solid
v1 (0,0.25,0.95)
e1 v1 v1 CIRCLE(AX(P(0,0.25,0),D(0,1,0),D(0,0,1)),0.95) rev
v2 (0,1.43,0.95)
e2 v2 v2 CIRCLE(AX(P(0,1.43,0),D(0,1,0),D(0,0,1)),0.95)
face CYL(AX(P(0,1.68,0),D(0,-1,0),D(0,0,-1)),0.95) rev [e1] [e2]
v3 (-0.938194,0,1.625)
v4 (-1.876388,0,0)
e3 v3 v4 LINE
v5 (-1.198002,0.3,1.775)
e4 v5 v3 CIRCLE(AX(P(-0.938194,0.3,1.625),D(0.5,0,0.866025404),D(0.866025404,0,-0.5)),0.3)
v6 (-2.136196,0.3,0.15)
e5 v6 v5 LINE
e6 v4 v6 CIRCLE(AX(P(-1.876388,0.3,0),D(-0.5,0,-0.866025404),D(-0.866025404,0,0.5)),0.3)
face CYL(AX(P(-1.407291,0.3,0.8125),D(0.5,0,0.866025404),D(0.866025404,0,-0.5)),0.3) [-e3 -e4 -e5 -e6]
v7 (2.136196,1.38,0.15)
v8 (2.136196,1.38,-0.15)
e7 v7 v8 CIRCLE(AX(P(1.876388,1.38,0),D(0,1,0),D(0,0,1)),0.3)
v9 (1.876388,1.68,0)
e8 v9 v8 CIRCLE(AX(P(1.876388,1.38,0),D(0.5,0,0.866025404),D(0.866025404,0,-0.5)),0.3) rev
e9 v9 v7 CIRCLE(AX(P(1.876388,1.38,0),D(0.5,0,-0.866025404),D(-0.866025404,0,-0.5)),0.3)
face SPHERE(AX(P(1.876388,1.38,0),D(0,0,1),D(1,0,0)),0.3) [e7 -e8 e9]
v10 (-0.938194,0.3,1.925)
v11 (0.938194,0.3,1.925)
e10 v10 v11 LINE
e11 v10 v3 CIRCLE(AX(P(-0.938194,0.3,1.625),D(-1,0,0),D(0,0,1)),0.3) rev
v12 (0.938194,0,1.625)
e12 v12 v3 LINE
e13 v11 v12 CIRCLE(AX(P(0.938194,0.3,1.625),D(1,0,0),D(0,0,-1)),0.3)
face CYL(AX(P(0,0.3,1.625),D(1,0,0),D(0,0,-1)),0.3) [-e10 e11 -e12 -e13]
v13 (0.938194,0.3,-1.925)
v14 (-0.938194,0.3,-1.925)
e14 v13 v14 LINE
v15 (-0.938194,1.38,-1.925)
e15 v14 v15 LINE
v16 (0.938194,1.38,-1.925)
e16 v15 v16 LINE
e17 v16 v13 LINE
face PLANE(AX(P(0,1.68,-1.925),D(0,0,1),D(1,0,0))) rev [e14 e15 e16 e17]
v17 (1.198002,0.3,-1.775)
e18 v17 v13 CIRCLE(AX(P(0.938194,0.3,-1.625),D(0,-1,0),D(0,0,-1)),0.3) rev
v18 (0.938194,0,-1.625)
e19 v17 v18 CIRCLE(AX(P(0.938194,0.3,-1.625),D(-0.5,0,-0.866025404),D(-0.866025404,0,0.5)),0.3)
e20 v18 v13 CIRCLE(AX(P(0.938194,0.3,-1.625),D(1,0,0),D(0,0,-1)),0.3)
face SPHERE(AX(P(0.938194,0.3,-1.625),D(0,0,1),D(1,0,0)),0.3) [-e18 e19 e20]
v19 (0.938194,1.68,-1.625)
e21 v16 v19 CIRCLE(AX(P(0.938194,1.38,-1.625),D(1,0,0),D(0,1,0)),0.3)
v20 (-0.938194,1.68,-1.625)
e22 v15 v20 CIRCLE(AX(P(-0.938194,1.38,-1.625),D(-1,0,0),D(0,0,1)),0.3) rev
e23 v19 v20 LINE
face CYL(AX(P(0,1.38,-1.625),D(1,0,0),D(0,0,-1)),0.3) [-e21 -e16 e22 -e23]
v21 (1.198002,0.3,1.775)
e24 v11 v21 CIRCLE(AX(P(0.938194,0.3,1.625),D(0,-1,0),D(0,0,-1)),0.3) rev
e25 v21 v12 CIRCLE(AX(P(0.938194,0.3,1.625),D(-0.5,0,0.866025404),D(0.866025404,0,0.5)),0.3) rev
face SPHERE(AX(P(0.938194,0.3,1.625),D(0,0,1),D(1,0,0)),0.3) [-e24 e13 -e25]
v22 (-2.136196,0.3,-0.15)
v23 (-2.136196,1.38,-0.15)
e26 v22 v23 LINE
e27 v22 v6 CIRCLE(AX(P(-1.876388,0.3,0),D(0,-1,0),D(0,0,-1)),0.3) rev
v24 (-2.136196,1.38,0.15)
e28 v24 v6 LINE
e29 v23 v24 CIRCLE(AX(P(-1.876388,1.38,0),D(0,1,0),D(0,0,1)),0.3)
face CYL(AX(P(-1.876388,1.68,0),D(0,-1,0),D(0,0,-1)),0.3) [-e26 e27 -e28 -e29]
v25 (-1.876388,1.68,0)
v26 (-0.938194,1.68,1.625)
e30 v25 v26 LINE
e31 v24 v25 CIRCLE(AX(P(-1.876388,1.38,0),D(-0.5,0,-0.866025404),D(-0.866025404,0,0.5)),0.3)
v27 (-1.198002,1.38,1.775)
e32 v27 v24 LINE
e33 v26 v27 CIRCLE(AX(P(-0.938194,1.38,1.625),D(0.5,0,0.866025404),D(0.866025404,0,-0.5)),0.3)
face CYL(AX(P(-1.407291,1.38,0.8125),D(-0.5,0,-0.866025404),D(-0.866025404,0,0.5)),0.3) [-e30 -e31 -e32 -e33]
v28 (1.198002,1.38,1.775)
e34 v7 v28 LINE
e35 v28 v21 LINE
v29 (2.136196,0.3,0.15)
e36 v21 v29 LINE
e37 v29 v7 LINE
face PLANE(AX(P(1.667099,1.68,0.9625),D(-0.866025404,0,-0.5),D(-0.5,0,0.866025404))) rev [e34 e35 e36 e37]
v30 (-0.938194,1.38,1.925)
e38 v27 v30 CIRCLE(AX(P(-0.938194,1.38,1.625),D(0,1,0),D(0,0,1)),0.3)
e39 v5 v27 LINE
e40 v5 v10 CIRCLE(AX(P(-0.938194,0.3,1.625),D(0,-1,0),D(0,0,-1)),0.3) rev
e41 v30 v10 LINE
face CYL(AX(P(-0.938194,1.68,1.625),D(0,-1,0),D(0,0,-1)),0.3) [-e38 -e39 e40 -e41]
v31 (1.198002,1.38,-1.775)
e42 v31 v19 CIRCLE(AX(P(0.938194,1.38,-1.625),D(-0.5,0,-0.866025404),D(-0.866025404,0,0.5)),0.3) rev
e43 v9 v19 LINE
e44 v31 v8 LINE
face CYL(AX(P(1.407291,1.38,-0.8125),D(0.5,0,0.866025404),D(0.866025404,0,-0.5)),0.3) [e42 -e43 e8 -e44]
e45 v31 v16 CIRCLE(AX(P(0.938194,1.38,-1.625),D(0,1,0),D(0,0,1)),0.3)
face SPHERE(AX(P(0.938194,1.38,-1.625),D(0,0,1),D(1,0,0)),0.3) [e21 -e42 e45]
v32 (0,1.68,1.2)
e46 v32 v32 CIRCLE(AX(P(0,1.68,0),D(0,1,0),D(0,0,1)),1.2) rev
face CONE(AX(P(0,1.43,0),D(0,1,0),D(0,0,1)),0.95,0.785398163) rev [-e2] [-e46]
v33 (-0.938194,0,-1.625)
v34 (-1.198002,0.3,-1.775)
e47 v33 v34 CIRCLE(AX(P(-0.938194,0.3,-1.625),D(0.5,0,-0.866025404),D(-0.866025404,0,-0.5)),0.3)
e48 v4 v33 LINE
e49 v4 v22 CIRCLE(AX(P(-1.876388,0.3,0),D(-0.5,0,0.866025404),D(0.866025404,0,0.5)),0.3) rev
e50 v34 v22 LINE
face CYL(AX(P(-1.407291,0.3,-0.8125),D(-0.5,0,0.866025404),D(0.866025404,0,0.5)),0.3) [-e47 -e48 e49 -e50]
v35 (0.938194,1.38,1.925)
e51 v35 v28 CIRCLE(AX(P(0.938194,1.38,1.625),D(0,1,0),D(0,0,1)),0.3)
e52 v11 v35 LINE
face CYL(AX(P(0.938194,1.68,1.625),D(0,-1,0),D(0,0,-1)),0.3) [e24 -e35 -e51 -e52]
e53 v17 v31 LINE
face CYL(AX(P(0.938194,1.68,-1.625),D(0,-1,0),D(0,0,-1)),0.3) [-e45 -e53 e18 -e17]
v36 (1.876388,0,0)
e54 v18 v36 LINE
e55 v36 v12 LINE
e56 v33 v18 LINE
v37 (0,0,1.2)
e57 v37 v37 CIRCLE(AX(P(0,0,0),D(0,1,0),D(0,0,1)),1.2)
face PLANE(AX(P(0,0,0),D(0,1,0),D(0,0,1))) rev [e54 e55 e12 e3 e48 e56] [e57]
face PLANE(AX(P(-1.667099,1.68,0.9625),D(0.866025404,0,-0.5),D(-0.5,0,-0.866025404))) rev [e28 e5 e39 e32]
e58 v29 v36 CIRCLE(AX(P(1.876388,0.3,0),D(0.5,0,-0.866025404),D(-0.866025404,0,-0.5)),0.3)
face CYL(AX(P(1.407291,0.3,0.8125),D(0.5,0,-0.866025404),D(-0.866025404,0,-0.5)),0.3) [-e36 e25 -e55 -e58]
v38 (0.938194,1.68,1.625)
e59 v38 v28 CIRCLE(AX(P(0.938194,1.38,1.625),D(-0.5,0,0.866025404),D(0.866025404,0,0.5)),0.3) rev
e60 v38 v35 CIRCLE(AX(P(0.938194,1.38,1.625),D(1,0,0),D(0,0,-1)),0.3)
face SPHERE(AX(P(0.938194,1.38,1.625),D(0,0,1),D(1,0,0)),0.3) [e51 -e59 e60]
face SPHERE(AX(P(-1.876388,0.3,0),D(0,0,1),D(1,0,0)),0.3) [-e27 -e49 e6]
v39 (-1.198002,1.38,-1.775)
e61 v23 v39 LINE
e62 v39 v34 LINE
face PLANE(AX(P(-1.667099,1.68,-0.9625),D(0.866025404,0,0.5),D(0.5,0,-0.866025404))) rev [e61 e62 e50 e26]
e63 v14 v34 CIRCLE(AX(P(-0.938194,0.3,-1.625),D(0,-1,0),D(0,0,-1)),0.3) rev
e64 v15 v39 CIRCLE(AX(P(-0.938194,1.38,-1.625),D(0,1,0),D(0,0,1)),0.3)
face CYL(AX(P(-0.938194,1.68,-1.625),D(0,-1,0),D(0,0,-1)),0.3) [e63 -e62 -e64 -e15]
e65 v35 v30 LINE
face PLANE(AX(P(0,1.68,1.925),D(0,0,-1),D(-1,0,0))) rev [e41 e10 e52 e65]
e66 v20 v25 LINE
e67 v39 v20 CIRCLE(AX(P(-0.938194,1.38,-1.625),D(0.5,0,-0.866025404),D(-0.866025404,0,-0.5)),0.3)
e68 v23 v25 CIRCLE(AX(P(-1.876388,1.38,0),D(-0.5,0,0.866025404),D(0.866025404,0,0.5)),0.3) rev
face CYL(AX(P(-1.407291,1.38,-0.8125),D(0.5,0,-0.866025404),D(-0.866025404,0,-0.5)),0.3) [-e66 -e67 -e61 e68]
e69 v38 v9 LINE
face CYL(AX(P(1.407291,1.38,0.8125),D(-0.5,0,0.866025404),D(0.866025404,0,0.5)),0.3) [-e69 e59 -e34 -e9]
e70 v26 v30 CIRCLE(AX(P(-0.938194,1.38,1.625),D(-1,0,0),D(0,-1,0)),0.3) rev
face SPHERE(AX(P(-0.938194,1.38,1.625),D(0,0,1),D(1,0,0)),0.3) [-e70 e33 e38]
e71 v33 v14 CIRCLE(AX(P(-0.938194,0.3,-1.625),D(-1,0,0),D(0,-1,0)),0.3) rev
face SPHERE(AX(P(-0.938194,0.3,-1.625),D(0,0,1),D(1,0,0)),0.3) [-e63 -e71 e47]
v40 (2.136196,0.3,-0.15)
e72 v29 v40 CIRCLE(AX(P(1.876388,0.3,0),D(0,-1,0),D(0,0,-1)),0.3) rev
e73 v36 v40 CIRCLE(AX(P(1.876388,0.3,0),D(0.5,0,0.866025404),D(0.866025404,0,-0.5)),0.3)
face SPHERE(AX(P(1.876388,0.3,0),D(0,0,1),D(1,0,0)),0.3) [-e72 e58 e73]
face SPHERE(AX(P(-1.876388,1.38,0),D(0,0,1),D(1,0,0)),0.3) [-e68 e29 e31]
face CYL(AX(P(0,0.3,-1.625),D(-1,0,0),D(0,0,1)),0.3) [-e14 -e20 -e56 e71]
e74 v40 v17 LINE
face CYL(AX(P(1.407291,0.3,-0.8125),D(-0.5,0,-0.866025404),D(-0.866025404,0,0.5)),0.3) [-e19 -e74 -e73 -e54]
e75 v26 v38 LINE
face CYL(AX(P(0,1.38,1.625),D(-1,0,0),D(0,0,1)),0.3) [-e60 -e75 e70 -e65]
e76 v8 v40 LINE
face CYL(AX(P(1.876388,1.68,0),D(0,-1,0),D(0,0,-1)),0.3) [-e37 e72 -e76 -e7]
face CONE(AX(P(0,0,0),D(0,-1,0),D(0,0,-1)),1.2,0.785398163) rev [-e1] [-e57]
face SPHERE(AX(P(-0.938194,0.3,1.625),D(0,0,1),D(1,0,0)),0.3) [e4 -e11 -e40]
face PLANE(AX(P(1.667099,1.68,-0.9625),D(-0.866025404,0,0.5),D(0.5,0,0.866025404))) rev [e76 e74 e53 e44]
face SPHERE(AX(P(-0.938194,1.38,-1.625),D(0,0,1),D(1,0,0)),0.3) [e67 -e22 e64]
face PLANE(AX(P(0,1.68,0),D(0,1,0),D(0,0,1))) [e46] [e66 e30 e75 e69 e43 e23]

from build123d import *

# Parameters (mm, degrees)
SKETCH1_R           = 0.95
BOSS_EXTRUDE1_DEPTH = 1.68
CHAMFER2_SIZE       = 0.25
FILLET1_R           = 0.3


with BuildPart() as part:
    # Sketch1 → Boss-Extrude1 (new body)
    with BuildSketch(Plane(origin=(0, 0, 0), x_dir=(1, 0, 0), z_dir=(0, 1, 0))):
        Polygon((1.111399268, -1.925), (2.222798536, 0), (1.111399268, 1.925), (-1.111399268, 1.925), (-2.222798536, 0), (-1.111399268, -1.925), align=None)
        Circle(SKETCH1_R, mode=Mode.SUBTRACT)
    extrude(amount=BOSS_EXTRUDE1_DEPTH)

    # Chamfer2
    chamfer2_edges = [part.edges().sort_by_distance(p)[0] for p in [
        (-0.95, 1.68, 0),
        (-0.95, 0, 0),
    ]]
    chamfer(chamfer2_edges, length=CHAMFER2_SIZE)

    # Fillet1
    fillet1_edges = [part.edges().sort_by_distance(p)[0] for p in [
        (1.667098902, 1.68, -0.9625),
        (1.667098902, 0, -0.9625),
        (1.111399268, 0.84, -1.925),
        (0, 1.68, -1.925),
        (0, 0, -1.925),
        (-1.111399268, 0.84, -1.925),
        (-1.667098902, 1.68, -0.9625),
        (-1.667098902, 0, -0.9625),
        (-2.222798536, 0.84, 0),
        (-1.667098902, 1.68, 0.9625),
        (-1.667098902, 0, 0.9625),
        (-1.111399268, 0.84, 1.925),
        (0, 1.68, 1.925),
        (0, 0, 1.925),
        (1.111399268, 0.84, 1.925),
        (1.667098902, 1.68, 0.9625),
        (2.222798536, 0.84, 0),
        (1.667098902, 0, 0.9625),
    ]]
    fillet(fillet1_edges, radius=FILLET1_R)


solid = part.part
